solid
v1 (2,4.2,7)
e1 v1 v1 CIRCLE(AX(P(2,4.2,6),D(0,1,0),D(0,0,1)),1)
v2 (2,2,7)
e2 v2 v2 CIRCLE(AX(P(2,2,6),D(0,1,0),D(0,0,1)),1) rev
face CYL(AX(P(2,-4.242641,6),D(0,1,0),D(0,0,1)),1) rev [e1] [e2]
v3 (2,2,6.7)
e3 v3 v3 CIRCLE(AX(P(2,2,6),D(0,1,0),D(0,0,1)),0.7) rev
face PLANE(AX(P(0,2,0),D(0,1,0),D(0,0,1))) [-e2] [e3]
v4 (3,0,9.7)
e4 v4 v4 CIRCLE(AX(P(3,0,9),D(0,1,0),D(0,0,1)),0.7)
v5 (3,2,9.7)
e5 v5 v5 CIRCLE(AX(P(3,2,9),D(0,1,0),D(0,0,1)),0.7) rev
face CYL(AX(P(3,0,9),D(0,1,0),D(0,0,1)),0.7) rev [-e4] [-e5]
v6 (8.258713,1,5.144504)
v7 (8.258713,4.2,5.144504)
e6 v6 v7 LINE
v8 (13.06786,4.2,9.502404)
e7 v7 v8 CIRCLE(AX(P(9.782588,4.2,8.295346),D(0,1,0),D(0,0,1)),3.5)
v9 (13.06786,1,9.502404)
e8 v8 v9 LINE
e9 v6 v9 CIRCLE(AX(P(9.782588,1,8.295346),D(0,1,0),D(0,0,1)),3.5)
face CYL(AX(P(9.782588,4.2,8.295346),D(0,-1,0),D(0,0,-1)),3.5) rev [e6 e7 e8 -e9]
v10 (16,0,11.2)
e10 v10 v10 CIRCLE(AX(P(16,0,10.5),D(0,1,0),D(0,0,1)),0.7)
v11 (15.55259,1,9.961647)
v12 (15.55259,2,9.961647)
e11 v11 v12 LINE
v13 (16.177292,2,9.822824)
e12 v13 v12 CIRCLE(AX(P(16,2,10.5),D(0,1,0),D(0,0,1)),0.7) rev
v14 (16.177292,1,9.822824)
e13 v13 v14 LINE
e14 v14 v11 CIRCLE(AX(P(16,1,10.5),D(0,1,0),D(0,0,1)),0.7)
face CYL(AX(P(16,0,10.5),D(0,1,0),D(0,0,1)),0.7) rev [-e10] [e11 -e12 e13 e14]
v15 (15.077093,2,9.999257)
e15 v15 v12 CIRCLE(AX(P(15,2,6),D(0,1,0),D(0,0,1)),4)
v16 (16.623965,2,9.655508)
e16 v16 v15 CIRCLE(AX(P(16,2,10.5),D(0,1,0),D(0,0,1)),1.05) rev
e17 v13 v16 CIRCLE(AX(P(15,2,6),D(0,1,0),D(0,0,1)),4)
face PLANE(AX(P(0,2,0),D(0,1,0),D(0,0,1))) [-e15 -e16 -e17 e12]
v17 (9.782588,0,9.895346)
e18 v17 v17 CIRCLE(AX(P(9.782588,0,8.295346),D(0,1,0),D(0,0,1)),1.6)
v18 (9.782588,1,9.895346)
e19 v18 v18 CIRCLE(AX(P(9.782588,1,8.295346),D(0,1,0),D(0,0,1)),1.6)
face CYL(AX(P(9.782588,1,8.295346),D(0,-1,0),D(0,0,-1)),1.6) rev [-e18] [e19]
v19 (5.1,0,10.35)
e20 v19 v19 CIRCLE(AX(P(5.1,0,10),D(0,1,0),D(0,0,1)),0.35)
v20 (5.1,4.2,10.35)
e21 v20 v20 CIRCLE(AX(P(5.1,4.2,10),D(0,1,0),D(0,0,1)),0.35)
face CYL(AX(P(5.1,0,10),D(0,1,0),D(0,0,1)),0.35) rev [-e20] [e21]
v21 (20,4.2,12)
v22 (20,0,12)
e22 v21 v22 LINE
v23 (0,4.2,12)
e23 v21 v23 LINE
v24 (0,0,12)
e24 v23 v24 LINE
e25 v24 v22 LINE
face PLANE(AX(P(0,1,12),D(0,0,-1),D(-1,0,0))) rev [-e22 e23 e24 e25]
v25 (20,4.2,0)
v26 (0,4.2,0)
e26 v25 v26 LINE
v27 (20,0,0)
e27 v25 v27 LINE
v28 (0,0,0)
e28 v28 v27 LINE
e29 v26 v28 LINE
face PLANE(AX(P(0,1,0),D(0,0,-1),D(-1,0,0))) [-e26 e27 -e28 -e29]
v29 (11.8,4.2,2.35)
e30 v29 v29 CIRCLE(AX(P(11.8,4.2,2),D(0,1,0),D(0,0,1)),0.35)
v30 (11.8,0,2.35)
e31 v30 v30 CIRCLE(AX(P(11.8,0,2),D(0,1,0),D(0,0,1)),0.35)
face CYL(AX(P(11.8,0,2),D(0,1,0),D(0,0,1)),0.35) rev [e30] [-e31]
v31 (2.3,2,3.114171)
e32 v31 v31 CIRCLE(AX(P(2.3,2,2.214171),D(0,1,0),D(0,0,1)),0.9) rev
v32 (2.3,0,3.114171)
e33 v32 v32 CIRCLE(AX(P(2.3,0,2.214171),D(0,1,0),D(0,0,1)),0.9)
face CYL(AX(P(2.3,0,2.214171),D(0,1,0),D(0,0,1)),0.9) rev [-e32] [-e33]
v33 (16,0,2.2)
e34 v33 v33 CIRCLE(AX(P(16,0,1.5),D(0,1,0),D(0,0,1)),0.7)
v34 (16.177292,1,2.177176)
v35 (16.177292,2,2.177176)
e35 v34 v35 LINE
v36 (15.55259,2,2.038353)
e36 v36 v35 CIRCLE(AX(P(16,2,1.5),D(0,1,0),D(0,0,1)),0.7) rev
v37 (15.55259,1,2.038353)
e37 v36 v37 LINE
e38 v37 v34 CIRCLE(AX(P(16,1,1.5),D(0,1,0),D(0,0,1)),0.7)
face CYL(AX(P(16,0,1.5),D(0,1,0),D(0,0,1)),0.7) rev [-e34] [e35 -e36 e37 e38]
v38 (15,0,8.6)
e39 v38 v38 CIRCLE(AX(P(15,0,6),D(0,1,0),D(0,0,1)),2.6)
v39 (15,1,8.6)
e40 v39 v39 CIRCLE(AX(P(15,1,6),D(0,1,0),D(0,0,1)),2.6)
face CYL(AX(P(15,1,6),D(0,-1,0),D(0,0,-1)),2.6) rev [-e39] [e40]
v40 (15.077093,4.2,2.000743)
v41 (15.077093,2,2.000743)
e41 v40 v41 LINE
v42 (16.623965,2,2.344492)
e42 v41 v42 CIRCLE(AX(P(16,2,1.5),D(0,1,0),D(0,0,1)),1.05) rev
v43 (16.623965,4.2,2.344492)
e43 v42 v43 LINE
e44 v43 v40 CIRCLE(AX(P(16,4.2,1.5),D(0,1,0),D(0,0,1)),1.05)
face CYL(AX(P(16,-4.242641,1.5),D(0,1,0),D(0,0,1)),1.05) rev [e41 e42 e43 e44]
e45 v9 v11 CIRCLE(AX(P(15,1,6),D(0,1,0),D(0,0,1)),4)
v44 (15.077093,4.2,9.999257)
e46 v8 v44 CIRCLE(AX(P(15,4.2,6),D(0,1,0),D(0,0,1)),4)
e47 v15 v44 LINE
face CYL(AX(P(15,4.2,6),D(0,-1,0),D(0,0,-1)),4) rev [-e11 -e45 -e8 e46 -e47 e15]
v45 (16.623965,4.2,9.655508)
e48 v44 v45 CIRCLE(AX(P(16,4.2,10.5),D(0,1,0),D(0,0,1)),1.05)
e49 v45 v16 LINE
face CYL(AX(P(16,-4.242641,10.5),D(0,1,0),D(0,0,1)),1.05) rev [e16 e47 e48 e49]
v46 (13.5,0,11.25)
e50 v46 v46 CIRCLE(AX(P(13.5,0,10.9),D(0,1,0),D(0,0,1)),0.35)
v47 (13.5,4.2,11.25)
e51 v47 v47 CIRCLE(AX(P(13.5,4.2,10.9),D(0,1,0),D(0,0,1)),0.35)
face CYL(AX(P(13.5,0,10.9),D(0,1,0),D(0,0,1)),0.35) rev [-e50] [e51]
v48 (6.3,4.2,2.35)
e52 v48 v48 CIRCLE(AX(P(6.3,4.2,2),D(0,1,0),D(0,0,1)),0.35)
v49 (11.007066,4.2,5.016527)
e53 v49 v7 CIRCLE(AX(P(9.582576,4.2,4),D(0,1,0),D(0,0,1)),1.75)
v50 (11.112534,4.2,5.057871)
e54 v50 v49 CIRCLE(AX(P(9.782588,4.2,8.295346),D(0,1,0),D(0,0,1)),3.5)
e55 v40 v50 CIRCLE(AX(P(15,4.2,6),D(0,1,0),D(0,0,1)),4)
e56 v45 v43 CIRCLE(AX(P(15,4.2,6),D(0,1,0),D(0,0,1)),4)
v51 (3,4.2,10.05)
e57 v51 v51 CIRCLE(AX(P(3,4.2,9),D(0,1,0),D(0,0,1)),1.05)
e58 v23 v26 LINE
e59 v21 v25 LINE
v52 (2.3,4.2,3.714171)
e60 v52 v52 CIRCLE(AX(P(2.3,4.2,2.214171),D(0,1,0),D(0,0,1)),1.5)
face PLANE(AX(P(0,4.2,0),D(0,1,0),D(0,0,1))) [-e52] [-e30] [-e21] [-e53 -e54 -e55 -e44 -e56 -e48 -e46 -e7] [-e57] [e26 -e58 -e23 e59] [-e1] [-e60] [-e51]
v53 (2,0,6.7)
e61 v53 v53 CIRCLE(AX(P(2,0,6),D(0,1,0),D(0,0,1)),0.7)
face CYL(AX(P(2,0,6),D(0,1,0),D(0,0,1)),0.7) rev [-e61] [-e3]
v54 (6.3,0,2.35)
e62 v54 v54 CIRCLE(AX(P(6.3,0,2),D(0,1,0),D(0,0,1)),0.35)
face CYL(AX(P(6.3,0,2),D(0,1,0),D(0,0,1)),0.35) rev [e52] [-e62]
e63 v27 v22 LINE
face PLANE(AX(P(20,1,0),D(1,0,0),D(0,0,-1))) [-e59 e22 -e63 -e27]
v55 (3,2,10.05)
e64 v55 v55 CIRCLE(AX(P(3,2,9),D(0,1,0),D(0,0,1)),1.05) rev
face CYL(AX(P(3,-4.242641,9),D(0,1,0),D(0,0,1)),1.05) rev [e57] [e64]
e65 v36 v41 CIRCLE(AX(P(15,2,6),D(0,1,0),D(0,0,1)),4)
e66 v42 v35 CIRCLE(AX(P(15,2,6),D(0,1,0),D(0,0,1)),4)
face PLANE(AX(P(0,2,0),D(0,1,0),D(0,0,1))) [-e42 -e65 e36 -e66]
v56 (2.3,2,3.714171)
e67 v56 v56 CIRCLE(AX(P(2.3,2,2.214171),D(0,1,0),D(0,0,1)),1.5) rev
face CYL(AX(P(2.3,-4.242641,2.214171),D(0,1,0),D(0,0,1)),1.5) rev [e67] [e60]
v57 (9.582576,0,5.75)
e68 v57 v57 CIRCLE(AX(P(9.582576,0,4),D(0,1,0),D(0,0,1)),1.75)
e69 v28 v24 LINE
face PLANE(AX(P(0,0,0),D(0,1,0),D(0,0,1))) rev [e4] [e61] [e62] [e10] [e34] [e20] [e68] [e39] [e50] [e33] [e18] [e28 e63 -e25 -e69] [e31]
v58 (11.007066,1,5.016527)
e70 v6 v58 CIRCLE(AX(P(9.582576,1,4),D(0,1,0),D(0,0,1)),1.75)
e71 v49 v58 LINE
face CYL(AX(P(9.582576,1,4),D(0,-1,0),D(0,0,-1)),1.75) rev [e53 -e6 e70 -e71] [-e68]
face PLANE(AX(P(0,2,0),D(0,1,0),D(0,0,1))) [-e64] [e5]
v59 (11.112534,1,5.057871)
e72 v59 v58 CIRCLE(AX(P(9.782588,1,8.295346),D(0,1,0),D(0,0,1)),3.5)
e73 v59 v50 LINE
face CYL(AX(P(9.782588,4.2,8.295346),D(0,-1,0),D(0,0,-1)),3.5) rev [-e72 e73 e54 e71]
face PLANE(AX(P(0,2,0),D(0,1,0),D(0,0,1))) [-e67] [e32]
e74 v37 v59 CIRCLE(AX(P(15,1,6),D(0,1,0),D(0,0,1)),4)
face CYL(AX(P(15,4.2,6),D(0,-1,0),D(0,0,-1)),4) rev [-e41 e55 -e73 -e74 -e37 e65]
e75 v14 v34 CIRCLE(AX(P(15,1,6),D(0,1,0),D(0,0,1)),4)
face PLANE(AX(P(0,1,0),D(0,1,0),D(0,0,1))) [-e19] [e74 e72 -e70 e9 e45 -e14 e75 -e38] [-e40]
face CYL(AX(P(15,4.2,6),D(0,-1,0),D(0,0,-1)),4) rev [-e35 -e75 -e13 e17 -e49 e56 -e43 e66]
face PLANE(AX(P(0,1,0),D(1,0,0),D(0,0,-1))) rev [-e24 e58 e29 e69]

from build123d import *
from build123d.topology import SkipClean

# Parameters (mm, degrees)
SKETCH_1_W          = 20
SKETCH_1_H          = 12
SKETCH_1_R          = 1.75
SKETCH_1_R_2        = 1.6
SKETCH_1_R_3        = 2.6
EXTRUDE_1_DEPTH     = 1
EXTRUDE_START       = 1
SKETCH_1_6_W        = 20
SKETCH_1_6_H        = 12
EXTRUDE_2_DEPTH     = 3.2
SKETCH_4_R          = 0.9
SKETCH_4_R_2        = 0.35
SKETCH_4_R_3        = 0.7
CUT_EXTRUDE_1_DEPTH = 24.698945124
SKETCH_4_3_R        = 1.5
SKETCH_4_3_R_2      = 1
SKETCH_4_3_R_3      = 1.05
CUT_EXTRUDE_4_DEPTH = 2.2


with BuildPart() as part:
    # 草图1 → 凸台-拉伸1 (new body)
    with BuildSketch(Plane(origin=(0, 0, 0), x_dir=(1, 0, 0), z_dir=(0, 1, 0))):
        with Locations((10, -6)):
            Rectangle(SKETCH_1_W, SKETCH_1_H)
        with Locations(Location((9.582575695, -4, 0), (0, 0, 270))):
            Circle(SKETCH_1_R, mode=Mode.SUBTRACT)
        with Locations(Location((9.782588007, -8.295345746, 0), (0, 0, 270))):
            Circle(SKETCH_1_R_2, mode=Mode.SUBTRACT)
        with Locations(Location((15, -6, 0), (0, 0, 270))):
            Circle(SKETCH_1_R_3, mode=Mode.SUBTRACT)
    extrude(amount=EXTRUDE_1_DEPTH)

    # 草图1<6> → 凸台-拉伸2 (add)
    with SkipClean():  # the faces are left unmerged after this step: merging them gives an invalid solid
        with BuildSketch(Plane(origin=(0, 0, 0), x_dir=(1, 0, 0), z_dir=(0, 1, 0)).offset(EXTRUDE_START)):
            with Locations((10, -6)):
                Rectangle(SKETCH_1_6_W, SKETCH_1_6_H)
            with BuildLine():
                ThreePointArc((8.258713369, -5.144503622), (8.971944493, -2.359990995), (11.332575695, -4))
                ThreePointArc((11.332575695, -4), (11.249212779, -4.53368608), (11.007066173, -5.01652687))
                ThreePointArc((11.007066173, -5.01652687), (11.059967321, -5.036772118), (11.112533909, -5.05787082))
                ThreePointArc((11.112533909, -5.05787082), (15.47441313, -2.028233116), (19, -6))
                ThreePointArc((19, -6), (17.033646838, -9.444456494), (13.067859731, -9.502404029))
                ThreePointArc((13.067859731, -9.502404029), (7.432385055, -10.888904322), (8.258713369, -5.144503622))
            make_face(mode=Mode.SUBTRACT)
        extrude(amount=EXTRUDE_2_DEPTH)

    # 草图4 → 切除-拉伸1 (cut, through all)
    with SkipClean():  # the faces are left unmerged after this step: merging them gives an invalid solid
        with BuildSketch(Plane(origin=(0, 4.2, 0), x_dir=(1, 0, 0), z_dir=(0, 1, 0))):
            with Locations(Location((2.3, -2.214171161, 0), (0, 0, 270))):
                Circle(SKETCH_4_R)
            with Locations(Location((6.3, -2, 0), (0, 0, 270))):
                Circle(SKETCH_4_R_2)
            with Locations(Location((5.1, -10, 0), (0, 0, 270))):
                Circle(SKETCH_4_R_2)
            with Locations(Location((11.8, -2, 0), (0, 0, 270))):
                Circle(SKETCH_4_R_2)
            with Locations(Location((2, -6, 0), (0, 0, 270))):
                Circle(SKETCH_4_R_3)
            with Locations(Location((16, -1.5, 0), (0, 0, 270))):
                Circle(SKETCH_4_R_3)
            with Locations(Location((16, -10.5, 0), (0, 0, 270))):
                Circle(SKETCH_4_R_3)
            with Locations(Location((3, -9, 0), (0, 0, 270))):
                Circle(SKETCH_4_R_3)
            with Locations(Location((13.5, -10.9, 0), (0, 0, 270))):
                Circle(SKETCH_4_R_2)
        extrude(amount=-CUT_EXTRUDE_1_DEPTH, mode=Mode.SUBTRACT)

    # 草图4<3> → 切除-拉伸4 (cut)
    with SkipClean():  # the faces are left unmerged after this step: merging them gives an invalid solid
        with BuildSketch(Plane(origin=(0, 4.2, 0), x_dir=(1, 0, 0), z_dir=(0, 1, 0))):
            with Locations(Location((2.3, -2.214171161, 0), (0, 0, 270))):
                Circle(SKETCH_4_3_R)
            with Locations(Location((2, -6, 0), (0, 0, 270))):
                Circle(SKETCH_4_3_R_2)
            with Locations((16, -1.5)):
                Circle(SKETCH_4_3_R_3)
            with Locations((16, -10.5)):
                Circle(SKETCH_4_3_R_3)
            with Locations(Location((3, -9, 0), (0, 0, 270))):
                Circle(SKETCH_4_3_R_3)
        extrude(amount=-CUT_EXTRUDE_4_DEPTH, mode=Mode.SUBTRACT)


solid = part.part
